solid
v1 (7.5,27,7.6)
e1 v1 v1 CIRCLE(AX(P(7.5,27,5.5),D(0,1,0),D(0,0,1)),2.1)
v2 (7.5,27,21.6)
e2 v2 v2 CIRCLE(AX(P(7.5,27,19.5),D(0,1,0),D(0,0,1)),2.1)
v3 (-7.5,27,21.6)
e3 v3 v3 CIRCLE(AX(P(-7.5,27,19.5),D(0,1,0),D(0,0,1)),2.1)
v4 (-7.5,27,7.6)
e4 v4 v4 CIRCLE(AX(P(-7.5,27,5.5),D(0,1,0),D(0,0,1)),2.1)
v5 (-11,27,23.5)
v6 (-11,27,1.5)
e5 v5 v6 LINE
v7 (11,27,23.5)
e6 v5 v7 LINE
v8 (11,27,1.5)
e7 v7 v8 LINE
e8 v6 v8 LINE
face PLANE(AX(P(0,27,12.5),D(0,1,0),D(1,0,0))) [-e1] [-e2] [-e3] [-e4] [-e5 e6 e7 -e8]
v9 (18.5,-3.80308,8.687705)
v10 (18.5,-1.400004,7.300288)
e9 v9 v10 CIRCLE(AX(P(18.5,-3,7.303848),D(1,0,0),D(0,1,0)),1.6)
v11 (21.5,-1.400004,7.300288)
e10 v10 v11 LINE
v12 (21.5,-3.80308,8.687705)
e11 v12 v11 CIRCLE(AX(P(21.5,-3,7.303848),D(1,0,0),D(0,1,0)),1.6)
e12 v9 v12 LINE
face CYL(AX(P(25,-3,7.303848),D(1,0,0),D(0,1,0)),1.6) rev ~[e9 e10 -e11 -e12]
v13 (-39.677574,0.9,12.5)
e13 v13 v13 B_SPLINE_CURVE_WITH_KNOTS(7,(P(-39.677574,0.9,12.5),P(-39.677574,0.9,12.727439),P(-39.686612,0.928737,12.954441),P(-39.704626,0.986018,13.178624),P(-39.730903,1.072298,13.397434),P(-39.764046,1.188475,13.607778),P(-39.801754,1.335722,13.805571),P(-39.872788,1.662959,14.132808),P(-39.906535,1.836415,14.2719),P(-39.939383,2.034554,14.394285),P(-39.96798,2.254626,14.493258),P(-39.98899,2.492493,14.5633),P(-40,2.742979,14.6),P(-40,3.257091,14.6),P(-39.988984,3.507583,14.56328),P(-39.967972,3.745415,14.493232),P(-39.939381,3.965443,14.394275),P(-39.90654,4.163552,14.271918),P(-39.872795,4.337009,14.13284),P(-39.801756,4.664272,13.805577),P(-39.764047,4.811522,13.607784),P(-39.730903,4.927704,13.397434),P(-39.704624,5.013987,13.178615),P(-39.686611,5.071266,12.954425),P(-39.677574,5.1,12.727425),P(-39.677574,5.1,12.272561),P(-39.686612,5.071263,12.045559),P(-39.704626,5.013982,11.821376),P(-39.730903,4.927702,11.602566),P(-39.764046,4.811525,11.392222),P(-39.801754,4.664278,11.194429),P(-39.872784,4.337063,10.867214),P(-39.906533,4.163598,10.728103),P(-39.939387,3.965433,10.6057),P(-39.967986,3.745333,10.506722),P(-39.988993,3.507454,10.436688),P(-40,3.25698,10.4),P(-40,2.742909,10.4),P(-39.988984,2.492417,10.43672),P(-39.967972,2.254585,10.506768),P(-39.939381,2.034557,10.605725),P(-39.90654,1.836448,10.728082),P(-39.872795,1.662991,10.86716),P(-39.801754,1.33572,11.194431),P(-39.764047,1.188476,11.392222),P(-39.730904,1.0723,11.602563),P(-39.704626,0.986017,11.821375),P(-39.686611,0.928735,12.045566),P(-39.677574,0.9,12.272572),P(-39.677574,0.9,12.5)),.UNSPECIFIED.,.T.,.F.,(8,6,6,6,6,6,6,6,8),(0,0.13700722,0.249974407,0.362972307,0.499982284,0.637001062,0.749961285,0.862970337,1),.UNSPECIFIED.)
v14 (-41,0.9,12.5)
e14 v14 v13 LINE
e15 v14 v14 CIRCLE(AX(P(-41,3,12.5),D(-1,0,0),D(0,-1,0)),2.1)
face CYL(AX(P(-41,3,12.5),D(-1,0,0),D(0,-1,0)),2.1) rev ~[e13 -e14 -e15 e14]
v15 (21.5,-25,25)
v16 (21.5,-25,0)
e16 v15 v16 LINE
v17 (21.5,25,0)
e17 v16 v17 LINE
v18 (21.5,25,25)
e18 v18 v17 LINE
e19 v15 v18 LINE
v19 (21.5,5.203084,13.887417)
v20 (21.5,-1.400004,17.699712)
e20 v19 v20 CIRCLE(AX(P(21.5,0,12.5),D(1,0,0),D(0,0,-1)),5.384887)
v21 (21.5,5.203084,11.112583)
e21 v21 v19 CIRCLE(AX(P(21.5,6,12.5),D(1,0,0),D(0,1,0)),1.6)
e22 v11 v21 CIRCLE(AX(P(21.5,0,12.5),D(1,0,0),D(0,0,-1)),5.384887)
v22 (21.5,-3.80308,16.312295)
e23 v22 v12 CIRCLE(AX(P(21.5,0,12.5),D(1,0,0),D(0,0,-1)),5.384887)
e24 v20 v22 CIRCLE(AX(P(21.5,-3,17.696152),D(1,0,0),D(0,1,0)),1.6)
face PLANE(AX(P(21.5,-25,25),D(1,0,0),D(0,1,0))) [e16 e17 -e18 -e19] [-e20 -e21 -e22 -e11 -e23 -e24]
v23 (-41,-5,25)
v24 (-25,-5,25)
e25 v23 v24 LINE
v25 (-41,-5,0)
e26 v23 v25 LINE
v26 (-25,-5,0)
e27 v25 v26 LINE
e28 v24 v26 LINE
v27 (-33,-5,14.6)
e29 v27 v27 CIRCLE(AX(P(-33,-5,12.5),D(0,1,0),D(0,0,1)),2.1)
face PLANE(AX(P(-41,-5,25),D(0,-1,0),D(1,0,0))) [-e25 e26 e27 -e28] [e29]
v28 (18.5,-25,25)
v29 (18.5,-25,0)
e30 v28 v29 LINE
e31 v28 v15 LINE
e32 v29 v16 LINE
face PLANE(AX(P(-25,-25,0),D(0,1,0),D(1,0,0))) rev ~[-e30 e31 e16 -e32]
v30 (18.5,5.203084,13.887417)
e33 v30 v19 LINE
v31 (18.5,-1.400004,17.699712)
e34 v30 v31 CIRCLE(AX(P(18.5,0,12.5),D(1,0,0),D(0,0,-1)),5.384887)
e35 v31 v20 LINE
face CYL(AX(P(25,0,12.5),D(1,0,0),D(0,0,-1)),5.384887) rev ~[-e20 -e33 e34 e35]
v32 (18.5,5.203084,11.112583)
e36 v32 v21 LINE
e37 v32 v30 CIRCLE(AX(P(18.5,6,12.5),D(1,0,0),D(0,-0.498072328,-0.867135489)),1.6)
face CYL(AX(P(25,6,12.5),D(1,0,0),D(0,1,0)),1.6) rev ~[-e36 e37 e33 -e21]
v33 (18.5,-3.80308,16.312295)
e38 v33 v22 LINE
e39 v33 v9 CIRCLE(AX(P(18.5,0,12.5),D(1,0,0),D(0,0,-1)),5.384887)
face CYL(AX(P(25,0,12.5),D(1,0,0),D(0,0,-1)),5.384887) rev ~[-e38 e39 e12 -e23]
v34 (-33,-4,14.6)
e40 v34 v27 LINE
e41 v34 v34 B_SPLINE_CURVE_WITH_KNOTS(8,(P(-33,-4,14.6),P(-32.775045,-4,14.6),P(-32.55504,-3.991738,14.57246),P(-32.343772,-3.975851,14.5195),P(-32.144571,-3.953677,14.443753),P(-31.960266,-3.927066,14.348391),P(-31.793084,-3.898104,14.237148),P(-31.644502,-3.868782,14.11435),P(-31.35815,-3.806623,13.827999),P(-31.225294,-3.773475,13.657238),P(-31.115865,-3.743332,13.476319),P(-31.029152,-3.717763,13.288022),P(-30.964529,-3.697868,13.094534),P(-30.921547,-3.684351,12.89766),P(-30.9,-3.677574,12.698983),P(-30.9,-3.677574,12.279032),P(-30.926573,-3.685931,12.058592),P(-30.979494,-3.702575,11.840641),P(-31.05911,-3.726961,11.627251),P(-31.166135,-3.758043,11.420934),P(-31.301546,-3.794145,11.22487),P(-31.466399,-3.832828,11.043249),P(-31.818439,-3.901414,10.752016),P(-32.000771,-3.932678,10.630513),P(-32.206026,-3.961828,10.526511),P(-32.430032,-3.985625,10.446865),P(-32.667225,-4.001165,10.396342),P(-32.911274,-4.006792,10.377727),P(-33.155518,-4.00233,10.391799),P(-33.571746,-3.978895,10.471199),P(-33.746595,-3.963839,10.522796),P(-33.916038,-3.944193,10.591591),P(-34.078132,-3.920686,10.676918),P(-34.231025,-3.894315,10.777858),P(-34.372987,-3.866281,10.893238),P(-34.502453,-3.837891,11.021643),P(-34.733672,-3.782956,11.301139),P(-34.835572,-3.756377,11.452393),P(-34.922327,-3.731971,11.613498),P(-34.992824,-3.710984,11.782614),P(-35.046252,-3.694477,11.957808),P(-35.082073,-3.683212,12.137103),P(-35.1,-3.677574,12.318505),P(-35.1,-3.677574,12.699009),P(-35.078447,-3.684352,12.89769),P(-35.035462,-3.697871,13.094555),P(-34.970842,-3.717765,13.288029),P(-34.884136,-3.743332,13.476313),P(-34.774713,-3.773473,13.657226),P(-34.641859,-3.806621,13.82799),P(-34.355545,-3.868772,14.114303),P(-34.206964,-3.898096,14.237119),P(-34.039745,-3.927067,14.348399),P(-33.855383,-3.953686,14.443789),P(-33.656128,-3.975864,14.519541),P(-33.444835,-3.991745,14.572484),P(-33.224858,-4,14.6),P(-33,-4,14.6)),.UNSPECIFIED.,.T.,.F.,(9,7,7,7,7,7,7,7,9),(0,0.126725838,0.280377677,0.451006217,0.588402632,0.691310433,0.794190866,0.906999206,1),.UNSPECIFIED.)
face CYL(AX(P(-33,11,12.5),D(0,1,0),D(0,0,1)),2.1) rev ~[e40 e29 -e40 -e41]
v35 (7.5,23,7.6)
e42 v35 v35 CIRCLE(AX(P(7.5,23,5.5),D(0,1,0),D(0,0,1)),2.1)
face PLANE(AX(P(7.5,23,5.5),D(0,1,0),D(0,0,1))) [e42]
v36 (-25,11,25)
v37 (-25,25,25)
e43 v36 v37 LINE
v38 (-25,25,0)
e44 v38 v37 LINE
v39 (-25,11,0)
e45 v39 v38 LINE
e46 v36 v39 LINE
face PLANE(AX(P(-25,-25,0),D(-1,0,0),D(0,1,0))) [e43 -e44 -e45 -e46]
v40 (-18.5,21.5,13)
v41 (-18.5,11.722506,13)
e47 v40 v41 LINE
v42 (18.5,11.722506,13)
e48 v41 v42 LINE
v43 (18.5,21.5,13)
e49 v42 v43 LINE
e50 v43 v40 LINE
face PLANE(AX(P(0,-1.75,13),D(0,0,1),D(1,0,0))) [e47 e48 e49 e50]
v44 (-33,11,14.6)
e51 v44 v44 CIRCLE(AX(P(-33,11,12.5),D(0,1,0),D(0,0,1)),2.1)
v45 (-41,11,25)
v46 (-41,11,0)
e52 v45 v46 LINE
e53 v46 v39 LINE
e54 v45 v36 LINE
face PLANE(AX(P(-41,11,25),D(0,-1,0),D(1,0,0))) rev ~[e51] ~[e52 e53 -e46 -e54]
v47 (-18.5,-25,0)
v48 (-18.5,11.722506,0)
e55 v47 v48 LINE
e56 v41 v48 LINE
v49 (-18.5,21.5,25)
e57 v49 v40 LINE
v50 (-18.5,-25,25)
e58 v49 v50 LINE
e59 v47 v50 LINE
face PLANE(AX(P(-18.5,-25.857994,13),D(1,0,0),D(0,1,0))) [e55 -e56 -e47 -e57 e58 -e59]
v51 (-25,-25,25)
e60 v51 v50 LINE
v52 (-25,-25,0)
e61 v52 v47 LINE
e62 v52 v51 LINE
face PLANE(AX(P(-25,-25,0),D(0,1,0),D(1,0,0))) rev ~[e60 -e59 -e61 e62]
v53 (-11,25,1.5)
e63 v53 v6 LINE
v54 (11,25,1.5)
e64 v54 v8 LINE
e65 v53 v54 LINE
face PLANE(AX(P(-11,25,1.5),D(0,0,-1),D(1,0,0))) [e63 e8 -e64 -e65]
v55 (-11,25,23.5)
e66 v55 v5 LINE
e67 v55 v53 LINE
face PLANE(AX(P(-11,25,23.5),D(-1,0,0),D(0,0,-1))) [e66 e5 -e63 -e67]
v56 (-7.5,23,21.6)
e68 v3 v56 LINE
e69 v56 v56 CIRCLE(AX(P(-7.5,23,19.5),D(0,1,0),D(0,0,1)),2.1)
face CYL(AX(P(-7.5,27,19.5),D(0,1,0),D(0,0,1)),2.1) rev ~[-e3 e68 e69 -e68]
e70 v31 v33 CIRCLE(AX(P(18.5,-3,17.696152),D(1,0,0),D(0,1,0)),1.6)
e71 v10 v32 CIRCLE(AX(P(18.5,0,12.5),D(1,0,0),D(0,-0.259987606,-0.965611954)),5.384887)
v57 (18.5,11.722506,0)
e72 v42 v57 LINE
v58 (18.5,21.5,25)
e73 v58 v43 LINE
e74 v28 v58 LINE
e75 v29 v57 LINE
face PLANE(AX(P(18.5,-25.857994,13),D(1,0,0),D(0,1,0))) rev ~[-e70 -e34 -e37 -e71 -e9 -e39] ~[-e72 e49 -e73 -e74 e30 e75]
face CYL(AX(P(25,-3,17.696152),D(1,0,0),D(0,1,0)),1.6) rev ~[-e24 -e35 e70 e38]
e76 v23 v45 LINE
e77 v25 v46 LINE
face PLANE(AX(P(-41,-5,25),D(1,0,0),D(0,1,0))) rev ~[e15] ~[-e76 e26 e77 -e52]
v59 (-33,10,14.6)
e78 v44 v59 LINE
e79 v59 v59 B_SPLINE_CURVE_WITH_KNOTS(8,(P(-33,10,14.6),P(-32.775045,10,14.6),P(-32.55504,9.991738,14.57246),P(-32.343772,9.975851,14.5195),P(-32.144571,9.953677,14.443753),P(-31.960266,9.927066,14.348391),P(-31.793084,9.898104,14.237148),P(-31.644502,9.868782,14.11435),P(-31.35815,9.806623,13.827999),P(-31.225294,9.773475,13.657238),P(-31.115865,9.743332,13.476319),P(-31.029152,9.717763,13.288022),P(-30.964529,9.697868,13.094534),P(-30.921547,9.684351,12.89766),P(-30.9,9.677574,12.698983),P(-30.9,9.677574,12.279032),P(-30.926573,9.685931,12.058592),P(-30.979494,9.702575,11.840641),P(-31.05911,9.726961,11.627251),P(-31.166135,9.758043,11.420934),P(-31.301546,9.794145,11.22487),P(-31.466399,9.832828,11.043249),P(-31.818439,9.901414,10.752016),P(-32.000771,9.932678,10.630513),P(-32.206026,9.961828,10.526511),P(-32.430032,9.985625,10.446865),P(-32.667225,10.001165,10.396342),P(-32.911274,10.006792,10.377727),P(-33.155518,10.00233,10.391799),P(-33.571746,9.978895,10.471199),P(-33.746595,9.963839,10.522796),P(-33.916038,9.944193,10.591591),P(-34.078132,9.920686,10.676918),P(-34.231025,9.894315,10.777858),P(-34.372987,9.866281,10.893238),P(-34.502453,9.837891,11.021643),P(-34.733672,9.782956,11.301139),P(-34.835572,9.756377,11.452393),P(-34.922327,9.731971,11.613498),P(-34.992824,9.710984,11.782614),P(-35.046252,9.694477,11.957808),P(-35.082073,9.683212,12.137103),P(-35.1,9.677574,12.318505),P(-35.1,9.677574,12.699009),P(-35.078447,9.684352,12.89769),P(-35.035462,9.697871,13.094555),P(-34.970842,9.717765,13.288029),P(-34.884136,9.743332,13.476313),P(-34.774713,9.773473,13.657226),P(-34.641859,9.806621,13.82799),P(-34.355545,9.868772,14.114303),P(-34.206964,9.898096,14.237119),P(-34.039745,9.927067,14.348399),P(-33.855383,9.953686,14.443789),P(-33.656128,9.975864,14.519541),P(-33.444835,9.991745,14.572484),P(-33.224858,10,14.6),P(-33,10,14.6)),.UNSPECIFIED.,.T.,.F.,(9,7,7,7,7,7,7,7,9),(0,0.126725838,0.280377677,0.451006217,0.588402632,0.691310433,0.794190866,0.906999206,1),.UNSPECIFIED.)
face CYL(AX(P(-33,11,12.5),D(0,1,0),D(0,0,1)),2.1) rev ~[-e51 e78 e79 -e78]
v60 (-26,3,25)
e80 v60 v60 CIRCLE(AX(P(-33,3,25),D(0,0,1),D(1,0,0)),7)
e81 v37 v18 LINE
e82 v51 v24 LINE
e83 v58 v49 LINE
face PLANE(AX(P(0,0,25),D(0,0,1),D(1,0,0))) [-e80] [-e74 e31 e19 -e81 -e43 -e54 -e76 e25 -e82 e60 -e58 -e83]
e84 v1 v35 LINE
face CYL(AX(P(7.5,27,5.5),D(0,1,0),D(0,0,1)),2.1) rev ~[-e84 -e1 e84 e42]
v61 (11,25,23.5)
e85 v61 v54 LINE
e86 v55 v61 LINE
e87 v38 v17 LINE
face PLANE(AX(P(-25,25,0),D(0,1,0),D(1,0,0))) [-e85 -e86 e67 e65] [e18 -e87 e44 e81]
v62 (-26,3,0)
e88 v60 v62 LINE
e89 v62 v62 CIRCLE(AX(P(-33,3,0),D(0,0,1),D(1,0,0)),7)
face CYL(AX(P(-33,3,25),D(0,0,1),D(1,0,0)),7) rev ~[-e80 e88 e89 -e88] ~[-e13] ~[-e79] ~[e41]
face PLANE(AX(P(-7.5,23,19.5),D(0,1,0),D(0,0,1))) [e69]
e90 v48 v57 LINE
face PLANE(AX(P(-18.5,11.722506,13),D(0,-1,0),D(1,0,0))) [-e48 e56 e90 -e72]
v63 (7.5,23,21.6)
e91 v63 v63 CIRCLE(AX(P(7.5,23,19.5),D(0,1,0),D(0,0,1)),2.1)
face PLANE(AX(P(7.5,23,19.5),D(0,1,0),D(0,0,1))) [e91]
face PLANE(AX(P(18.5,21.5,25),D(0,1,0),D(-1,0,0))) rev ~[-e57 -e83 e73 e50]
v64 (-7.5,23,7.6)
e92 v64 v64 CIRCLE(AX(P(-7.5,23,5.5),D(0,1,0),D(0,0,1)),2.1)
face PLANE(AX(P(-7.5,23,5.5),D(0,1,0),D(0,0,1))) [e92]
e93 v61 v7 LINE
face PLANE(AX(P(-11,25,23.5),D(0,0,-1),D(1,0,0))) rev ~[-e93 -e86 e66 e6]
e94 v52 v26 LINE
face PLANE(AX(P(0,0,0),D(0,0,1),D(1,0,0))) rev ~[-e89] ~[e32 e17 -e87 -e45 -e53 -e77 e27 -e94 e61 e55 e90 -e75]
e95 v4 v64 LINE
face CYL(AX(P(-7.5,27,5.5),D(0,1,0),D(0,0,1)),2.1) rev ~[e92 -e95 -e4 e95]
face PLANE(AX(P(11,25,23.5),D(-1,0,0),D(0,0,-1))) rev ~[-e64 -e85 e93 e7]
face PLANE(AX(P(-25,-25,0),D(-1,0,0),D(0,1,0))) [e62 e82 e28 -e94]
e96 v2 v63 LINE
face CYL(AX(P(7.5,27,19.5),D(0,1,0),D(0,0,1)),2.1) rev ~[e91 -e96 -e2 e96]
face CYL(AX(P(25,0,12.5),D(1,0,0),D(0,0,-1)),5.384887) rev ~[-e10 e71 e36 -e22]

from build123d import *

# Parameters (mm, degrees)
SKETCH_1_W           = 50
SKETCH_1_H           = 50
EXTRUDE_1_DEPTH      = 25
CUT_EXTRUDE_1_DEPTH  = 12
SKETCH_5_W           = 16
SKETCH_5_H           = 16
EXTRUDE_2_DEPTH      = 25
SKETCH_6_R           = 7
CUT_EXTRUDE_3_DEPTH  = 25
SKETCH_7_R           = 2.1
CUT_EXTRUDE_4_DEPTH  = 7
SKETCH_10_R          = 2.1
CUT_EXTRUDE_5_DEPTH  = 26
SKETCH_15_W          = 22
SKETCH_15_H          = 22
EXTRUDE_3_DEPTH      = 2
SKETCH_16_R          = 2.1
CUT_EXTRUDE_6_DEPTH  = 4
SKETCH_24_W          = 37
SKETCH_24_H          = 37.580500644
CUT_EXTRUDE_7_DEPTH  = 25
SKETCH_23_R          = 1.6
CUT_EXTRUDE_8_DEPTH  = 11
SKETCH_25_R          = 5.384887306
CUT_EXTRUDE_9_DEPTH  = 9
SKETCH_27_W          = 3.5
SKETCH_27_H          = 50
CUT_EXTRUDE_10_DEPTH = 25


with BuildPart() as part:
    # 草图1 → 凸台-拉伸1 (new body)
    with BuildSketch(Plane.XY):
        Rectangle(SKETCH_1_W, SKETCH_1_H)
    extrude(amount=EXTRUDE_1_DEPTH)

    # 草图3 → 切除-拉伸1 (cut)
    with BuildSketch(Plane.XY.offset(25)):
        Polygon((-18.5, -15.5), (-18.5, -25), (18.5, -25), (18.5, -15.5), (18.5, 21.5), (-18.5, 21.5), align=None)
    extrude(amount=-CUT_EXTRUDE_1_DEPTH, mode=Mode.SUBTRACT)

    # 草图5 → 凸台-拉伸2 (add)
    with BuildSketch(Plane.XY.offset(25)):
        with Locations((-33, 3)):
            Rectangle(SKETCH_5_W, SKETCH_5_H)
    extrude(amount=-EXTRUDE_2_DEPTH)

    # 草图6 → 切除-拉伸3 (cut)
    with BuildSketch(Plane.XY.offset(25)):
        with Locations((-33, 3)):
            Circle(SKETCH_6_R)
    extrude(amount=-CUT_EXTRUDE_3_DEPTH, mode=Mode.SUBTRACT)

    # 草图7 → 切除-拉伸4 (cut)
    with BuildSketch(Plane.ZY.offset(41)):
        with Locations(Location((12.5, 3, 0), (0, 0, 270))):
            Circle(SKETCH_7_R)
    extrude(amount=-CUT_EXTRUDE_4_DEPTH, mode=Mode.SUBTRACT)

    # 草图10 → 切除-拉伸5 (cut)
    with BuildSketch(Plane(origin=(0, 11, 0), x_dir=(1, 0, 0), z_dir=(0, 1, 0))):
        with Locations(Location((-33, -12.5, 0), (0, 0, 270))):
            Circle(SKETCH_10_R)
    extrude(amount=-CUT_EXTRUDE_5_DEPTH, mode=Mode.SUBTRACT)

    # 草图15 → 凸台-拉伸3 (add)
    with BuildSketch(Plane(origin=(0, 25, 0), x_dir=(1, 0, 0), z_dir=(0, 1, 0))):
        with Locations((0, -12.5)):
            Rectangle(SKETCH_15_W, SKETCH_15_H)
    extrude(amount=EXTRUDE_3_DEPTH)

    # 草图16 → 切除-拉伸6 (cut)
    with BuildSketch(Plane(origin=(0, 27, 0), x_dir=(1, 0, 0), z_dir=(0, 1, 0))):
        with Locations(Location((-7.5, -5.5, 0), (0, 0, 270))):
            Circle(SKETCH_16_R)
        with Locations(Location((7.5, -5.5, 0), (0, 0, 270))):
            Circle(SKETCH_16_R)
        with Locations(Location((-7.5, -19.5, 0), (0, 0, 270))):
            Circle(SKETCH_16_R)
        with Locations(Location((7.5, -19.5, 0), (0, 0, 270))):
            Circle(SKETCH_16_R)
    extrude(amount=-CUT_EXTRUDE_6_DEPTH, mode=Mode.SUBTRACT)

    # 草图24 → 切除-拉伸7 (cut)
    with BuildSketch(Plane.XY.offset(13)):
        with Locations((0, -7.067744148)):
            Rectangle(SKETCH_24_W, SKETCH_24_H)
    extrude(amount=-CUT_EXTRUDE_7_DEPTH, mode=Mode.SUBTRACT)

    # 草图23 → 切除-拉伸8 (cut)
    with BuildSketch(Plane(origin=(25, 0, 0), x_dir=(0, 0, -1), z_dir=(1, 0, 0))):
        with Locations(Location((-12.5, 6, 0), (0, 0, 90))):
            Circle(SKETCH_23_R)
        with Locations(Location((-7.303847577, -3, 0), (0, 0, 90))):
            Circle(SKETCH_23_R)
        with Locations(Location((-17.696152423, -3, 0), (0, 0, 90))):
            Circle(SKETCH_23_R)
    extrude(amount=-CUT_EXTRUDE_8_DEPTH, mode=Mode.SUBTRACT)

    # 草图25 → 切除-拉伸9 (cut)
    with BuildSketch(Plane(origin=(25, 0, 0), x_dir=(0, 0, -1), z_dir=(1, 0, 0))):
        with Locations((-12.5, 0)):
            Circle(SKETCH_25_R)
    extrude(amount=-CUT_EXTRUDE_9_DEPTH, mode=Mode.SUBTRACT)

    # 草图27 → 切除-拉伸10 (cut)
    with BuildSketch(Plane.XY.offset(25)):
        with Locations((23.25, 0)):
            Rectangle(SKETCH_27_W, SKETCH_27_H)
    extrude(amount=-CUT_EXTRUDE_10_DEPTH, mode=Mode.SUBTRACT)


solid = part.part
